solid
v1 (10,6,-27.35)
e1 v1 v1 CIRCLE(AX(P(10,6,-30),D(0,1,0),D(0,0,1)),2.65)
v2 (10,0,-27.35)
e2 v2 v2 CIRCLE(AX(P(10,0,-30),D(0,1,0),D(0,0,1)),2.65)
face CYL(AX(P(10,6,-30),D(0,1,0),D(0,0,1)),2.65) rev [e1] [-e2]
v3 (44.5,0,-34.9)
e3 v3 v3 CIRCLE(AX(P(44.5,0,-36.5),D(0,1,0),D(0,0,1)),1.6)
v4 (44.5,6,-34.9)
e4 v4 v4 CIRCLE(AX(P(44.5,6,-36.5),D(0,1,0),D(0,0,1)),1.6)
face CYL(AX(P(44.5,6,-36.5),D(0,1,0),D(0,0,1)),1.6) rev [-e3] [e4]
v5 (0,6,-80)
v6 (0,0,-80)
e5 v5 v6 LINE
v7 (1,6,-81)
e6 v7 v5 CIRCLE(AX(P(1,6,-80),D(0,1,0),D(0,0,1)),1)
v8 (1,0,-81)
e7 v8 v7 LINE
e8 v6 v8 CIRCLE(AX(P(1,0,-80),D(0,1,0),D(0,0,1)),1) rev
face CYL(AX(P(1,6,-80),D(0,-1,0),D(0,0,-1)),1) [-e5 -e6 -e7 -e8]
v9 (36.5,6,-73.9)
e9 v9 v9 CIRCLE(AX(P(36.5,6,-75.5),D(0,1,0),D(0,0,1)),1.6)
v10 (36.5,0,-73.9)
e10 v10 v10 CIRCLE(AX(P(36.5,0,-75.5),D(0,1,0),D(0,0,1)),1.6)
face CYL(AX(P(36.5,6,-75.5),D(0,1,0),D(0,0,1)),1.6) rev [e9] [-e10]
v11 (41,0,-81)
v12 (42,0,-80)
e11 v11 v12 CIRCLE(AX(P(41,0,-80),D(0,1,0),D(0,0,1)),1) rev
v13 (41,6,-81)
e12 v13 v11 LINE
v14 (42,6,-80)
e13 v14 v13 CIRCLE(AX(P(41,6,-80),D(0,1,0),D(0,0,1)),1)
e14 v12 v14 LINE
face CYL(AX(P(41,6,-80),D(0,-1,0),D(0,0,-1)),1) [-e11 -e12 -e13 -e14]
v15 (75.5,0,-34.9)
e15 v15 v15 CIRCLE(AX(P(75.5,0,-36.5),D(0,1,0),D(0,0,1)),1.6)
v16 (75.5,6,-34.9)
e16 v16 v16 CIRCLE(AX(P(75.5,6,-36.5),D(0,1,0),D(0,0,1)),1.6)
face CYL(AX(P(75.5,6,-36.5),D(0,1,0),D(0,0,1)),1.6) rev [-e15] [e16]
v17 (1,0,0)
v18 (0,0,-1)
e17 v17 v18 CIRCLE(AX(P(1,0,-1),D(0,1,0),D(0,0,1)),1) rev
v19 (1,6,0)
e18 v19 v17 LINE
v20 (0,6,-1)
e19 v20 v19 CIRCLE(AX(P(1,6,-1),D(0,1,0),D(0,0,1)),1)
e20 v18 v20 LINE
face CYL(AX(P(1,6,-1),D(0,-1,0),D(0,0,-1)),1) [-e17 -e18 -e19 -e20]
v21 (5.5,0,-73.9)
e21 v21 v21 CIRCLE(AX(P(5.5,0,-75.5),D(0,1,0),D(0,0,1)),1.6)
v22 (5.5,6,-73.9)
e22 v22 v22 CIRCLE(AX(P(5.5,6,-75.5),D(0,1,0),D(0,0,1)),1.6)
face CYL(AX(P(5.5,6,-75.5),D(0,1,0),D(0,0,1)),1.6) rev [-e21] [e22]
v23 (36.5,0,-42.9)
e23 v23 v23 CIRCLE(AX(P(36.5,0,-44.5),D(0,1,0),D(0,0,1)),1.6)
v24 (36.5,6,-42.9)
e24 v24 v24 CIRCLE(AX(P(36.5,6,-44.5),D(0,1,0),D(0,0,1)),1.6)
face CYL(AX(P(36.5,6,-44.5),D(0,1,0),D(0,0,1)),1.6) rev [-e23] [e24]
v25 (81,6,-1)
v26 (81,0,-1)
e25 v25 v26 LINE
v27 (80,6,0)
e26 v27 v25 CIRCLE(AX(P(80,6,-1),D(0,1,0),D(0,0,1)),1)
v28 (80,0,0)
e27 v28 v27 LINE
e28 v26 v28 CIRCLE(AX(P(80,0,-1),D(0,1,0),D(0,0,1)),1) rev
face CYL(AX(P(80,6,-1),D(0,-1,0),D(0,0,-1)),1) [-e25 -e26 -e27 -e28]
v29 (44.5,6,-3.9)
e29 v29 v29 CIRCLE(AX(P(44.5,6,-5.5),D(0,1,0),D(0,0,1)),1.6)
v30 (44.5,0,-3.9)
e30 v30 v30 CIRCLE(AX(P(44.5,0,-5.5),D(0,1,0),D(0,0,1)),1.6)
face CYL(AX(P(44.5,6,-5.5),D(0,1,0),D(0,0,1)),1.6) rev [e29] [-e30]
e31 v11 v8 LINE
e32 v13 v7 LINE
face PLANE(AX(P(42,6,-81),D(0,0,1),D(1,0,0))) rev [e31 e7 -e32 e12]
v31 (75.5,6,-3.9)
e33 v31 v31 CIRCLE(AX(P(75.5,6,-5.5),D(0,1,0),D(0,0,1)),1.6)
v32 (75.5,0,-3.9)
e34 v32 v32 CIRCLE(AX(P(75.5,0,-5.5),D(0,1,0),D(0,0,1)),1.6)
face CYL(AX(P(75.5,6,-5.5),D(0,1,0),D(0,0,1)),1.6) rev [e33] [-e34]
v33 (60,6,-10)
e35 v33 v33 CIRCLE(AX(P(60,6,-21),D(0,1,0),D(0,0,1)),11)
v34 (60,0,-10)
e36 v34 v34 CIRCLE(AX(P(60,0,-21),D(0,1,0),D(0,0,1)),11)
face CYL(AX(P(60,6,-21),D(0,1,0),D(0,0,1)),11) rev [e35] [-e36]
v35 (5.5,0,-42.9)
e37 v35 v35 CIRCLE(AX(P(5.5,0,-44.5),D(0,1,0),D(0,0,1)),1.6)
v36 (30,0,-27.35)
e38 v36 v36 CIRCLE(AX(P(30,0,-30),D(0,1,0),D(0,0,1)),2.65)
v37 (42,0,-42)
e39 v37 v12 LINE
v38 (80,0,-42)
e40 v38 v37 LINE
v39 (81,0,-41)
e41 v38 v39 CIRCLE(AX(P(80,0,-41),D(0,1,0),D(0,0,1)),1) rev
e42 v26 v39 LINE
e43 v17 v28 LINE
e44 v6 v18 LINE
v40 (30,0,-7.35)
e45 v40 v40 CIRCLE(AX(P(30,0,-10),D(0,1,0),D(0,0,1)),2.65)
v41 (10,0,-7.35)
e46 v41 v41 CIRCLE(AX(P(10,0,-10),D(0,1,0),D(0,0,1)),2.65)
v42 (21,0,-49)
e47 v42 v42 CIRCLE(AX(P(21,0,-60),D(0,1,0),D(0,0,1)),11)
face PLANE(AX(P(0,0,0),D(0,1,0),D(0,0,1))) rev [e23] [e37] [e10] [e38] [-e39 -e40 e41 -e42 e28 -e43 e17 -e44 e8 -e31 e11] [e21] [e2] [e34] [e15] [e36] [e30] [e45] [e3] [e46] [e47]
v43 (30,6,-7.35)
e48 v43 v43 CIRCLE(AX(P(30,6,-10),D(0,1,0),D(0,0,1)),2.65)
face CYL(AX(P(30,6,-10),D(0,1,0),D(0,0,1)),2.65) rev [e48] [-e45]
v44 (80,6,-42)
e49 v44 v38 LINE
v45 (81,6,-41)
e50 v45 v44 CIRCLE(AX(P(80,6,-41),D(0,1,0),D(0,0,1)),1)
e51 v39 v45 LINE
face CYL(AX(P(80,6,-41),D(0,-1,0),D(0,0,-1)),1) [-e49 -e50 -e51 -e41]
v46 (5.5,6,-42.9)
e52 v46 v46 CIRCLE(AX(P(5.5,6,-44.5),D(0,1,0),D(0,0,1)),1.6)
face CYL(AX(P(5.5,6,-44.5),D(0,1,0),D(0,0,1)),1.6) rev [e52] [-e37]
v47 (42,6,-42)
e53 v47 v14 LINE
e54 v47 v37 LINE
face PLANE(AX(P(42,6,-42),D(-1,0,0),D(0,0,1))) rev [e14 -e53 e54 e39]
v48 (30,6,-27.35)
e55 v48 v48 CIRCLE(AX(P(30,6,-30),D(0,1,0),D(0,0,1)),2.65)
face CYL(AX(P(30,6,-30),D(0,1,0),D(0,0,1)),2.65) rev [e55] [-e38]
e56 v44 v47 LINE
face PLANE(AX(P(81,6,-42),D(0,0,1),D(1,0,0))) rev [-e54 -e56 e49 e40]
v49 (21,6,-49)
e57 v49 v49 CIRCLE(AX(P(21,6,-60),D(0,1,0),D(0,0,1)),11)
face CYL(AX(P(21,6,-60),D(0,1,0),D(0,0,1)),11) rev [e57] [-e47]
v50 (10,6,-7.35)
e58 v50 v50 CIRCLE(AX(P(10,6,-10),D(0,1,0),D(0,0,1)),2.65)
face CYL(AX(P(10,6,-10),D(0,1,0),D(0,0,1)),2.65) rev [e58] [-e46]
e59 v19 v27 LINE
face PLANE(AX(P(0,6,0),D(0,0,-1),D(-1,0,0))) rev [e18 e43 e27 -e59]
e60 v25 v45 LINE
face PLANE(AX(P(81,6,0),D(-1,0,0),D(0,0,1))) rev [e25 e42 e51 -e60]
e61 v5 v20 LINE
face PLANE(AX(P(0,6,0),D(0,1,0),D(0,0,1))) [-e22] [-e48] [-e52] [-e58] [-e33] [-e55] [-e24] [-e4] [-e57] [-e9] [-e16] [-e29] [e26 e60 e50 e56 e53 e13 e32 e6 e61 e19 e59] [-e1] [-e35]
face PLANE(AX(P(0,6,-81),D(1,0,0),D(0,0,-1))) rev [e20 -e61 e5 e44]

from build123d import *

# Parameters (mm, degrees)
BOSS_EXTRUDE1_DEPTH        = 6
M5_CLEARANCE_HOLE1_D       = 5.3
M3_CLEARANCE_HOLE1_D       = 3.2
F_22_0_22_DIAMETER_HOLE1_D = 22
FILLET1_R                  = 1


with BuildPart() as part:
    # Sketch1 → Boss-Extrude1 (new body)
    with BuildSketch(Plane(origin=(0, 0, 0), x_dir=(1, 0, 0), z_dir=(0, 1, 0))):
        Polygon((0, 0), (81, 0), (81, 42), (42, 42), (42, 81), (0, 81), align=None)
    extrude(amount=BOSS_EXTRUDE1_DEPTH)

    # M5 Clearance Hole1 (through all)
    with Locations(Plane(origin=(0, 6, 0), x_dir=(1, 0, 0), z_dir=(0, 1, 0))):
        with Locations((10, 30), (30, 30), (30, 10), (10, 10)):
            Hole(M5_CLEARANCE_HOLE1_D / 2)

    # M3 Clearance Hole1 (through all)
    with Locations(Plane(origin=(0, 6, 0), x_dir=(1, 0, 0), z_dir=(0, 1, 0))):
        with Locations((5.5, 44.5), (36.5, 44.5), (36.5, 75.5), (5.5, 75.5), (44.5, 36.5), (44.5, 5.5), (75.5, 5.5), (75.5, 36.5)):
            Hole(M3_CLEARANCE_HOLE1_D / 2)

    # Ø22.0 (22) Diameter Hole1 (through all)
    with Locations(Plane(origin=(0, 6, 0), x_dir=(1, 0, 0), z_dir=(0, 1, 0))):
        with Locations((60, 21), (21, 60)):
            Hole(F_22_0_22_DIAMETER_HOLE1_D / 2)

    # Fillet1
    fillet1_edges = [part.edges().sort_by_distance(p)[0] for p in [
        (0, 3, -81),
        (42, 3, -81),
        (81, 3, -42),
        (81, 3, 0),
        (0, 3, 0),
    ]]
    fillet(fillet1_edges, radius=FILLET1_R)


solid = part.part
